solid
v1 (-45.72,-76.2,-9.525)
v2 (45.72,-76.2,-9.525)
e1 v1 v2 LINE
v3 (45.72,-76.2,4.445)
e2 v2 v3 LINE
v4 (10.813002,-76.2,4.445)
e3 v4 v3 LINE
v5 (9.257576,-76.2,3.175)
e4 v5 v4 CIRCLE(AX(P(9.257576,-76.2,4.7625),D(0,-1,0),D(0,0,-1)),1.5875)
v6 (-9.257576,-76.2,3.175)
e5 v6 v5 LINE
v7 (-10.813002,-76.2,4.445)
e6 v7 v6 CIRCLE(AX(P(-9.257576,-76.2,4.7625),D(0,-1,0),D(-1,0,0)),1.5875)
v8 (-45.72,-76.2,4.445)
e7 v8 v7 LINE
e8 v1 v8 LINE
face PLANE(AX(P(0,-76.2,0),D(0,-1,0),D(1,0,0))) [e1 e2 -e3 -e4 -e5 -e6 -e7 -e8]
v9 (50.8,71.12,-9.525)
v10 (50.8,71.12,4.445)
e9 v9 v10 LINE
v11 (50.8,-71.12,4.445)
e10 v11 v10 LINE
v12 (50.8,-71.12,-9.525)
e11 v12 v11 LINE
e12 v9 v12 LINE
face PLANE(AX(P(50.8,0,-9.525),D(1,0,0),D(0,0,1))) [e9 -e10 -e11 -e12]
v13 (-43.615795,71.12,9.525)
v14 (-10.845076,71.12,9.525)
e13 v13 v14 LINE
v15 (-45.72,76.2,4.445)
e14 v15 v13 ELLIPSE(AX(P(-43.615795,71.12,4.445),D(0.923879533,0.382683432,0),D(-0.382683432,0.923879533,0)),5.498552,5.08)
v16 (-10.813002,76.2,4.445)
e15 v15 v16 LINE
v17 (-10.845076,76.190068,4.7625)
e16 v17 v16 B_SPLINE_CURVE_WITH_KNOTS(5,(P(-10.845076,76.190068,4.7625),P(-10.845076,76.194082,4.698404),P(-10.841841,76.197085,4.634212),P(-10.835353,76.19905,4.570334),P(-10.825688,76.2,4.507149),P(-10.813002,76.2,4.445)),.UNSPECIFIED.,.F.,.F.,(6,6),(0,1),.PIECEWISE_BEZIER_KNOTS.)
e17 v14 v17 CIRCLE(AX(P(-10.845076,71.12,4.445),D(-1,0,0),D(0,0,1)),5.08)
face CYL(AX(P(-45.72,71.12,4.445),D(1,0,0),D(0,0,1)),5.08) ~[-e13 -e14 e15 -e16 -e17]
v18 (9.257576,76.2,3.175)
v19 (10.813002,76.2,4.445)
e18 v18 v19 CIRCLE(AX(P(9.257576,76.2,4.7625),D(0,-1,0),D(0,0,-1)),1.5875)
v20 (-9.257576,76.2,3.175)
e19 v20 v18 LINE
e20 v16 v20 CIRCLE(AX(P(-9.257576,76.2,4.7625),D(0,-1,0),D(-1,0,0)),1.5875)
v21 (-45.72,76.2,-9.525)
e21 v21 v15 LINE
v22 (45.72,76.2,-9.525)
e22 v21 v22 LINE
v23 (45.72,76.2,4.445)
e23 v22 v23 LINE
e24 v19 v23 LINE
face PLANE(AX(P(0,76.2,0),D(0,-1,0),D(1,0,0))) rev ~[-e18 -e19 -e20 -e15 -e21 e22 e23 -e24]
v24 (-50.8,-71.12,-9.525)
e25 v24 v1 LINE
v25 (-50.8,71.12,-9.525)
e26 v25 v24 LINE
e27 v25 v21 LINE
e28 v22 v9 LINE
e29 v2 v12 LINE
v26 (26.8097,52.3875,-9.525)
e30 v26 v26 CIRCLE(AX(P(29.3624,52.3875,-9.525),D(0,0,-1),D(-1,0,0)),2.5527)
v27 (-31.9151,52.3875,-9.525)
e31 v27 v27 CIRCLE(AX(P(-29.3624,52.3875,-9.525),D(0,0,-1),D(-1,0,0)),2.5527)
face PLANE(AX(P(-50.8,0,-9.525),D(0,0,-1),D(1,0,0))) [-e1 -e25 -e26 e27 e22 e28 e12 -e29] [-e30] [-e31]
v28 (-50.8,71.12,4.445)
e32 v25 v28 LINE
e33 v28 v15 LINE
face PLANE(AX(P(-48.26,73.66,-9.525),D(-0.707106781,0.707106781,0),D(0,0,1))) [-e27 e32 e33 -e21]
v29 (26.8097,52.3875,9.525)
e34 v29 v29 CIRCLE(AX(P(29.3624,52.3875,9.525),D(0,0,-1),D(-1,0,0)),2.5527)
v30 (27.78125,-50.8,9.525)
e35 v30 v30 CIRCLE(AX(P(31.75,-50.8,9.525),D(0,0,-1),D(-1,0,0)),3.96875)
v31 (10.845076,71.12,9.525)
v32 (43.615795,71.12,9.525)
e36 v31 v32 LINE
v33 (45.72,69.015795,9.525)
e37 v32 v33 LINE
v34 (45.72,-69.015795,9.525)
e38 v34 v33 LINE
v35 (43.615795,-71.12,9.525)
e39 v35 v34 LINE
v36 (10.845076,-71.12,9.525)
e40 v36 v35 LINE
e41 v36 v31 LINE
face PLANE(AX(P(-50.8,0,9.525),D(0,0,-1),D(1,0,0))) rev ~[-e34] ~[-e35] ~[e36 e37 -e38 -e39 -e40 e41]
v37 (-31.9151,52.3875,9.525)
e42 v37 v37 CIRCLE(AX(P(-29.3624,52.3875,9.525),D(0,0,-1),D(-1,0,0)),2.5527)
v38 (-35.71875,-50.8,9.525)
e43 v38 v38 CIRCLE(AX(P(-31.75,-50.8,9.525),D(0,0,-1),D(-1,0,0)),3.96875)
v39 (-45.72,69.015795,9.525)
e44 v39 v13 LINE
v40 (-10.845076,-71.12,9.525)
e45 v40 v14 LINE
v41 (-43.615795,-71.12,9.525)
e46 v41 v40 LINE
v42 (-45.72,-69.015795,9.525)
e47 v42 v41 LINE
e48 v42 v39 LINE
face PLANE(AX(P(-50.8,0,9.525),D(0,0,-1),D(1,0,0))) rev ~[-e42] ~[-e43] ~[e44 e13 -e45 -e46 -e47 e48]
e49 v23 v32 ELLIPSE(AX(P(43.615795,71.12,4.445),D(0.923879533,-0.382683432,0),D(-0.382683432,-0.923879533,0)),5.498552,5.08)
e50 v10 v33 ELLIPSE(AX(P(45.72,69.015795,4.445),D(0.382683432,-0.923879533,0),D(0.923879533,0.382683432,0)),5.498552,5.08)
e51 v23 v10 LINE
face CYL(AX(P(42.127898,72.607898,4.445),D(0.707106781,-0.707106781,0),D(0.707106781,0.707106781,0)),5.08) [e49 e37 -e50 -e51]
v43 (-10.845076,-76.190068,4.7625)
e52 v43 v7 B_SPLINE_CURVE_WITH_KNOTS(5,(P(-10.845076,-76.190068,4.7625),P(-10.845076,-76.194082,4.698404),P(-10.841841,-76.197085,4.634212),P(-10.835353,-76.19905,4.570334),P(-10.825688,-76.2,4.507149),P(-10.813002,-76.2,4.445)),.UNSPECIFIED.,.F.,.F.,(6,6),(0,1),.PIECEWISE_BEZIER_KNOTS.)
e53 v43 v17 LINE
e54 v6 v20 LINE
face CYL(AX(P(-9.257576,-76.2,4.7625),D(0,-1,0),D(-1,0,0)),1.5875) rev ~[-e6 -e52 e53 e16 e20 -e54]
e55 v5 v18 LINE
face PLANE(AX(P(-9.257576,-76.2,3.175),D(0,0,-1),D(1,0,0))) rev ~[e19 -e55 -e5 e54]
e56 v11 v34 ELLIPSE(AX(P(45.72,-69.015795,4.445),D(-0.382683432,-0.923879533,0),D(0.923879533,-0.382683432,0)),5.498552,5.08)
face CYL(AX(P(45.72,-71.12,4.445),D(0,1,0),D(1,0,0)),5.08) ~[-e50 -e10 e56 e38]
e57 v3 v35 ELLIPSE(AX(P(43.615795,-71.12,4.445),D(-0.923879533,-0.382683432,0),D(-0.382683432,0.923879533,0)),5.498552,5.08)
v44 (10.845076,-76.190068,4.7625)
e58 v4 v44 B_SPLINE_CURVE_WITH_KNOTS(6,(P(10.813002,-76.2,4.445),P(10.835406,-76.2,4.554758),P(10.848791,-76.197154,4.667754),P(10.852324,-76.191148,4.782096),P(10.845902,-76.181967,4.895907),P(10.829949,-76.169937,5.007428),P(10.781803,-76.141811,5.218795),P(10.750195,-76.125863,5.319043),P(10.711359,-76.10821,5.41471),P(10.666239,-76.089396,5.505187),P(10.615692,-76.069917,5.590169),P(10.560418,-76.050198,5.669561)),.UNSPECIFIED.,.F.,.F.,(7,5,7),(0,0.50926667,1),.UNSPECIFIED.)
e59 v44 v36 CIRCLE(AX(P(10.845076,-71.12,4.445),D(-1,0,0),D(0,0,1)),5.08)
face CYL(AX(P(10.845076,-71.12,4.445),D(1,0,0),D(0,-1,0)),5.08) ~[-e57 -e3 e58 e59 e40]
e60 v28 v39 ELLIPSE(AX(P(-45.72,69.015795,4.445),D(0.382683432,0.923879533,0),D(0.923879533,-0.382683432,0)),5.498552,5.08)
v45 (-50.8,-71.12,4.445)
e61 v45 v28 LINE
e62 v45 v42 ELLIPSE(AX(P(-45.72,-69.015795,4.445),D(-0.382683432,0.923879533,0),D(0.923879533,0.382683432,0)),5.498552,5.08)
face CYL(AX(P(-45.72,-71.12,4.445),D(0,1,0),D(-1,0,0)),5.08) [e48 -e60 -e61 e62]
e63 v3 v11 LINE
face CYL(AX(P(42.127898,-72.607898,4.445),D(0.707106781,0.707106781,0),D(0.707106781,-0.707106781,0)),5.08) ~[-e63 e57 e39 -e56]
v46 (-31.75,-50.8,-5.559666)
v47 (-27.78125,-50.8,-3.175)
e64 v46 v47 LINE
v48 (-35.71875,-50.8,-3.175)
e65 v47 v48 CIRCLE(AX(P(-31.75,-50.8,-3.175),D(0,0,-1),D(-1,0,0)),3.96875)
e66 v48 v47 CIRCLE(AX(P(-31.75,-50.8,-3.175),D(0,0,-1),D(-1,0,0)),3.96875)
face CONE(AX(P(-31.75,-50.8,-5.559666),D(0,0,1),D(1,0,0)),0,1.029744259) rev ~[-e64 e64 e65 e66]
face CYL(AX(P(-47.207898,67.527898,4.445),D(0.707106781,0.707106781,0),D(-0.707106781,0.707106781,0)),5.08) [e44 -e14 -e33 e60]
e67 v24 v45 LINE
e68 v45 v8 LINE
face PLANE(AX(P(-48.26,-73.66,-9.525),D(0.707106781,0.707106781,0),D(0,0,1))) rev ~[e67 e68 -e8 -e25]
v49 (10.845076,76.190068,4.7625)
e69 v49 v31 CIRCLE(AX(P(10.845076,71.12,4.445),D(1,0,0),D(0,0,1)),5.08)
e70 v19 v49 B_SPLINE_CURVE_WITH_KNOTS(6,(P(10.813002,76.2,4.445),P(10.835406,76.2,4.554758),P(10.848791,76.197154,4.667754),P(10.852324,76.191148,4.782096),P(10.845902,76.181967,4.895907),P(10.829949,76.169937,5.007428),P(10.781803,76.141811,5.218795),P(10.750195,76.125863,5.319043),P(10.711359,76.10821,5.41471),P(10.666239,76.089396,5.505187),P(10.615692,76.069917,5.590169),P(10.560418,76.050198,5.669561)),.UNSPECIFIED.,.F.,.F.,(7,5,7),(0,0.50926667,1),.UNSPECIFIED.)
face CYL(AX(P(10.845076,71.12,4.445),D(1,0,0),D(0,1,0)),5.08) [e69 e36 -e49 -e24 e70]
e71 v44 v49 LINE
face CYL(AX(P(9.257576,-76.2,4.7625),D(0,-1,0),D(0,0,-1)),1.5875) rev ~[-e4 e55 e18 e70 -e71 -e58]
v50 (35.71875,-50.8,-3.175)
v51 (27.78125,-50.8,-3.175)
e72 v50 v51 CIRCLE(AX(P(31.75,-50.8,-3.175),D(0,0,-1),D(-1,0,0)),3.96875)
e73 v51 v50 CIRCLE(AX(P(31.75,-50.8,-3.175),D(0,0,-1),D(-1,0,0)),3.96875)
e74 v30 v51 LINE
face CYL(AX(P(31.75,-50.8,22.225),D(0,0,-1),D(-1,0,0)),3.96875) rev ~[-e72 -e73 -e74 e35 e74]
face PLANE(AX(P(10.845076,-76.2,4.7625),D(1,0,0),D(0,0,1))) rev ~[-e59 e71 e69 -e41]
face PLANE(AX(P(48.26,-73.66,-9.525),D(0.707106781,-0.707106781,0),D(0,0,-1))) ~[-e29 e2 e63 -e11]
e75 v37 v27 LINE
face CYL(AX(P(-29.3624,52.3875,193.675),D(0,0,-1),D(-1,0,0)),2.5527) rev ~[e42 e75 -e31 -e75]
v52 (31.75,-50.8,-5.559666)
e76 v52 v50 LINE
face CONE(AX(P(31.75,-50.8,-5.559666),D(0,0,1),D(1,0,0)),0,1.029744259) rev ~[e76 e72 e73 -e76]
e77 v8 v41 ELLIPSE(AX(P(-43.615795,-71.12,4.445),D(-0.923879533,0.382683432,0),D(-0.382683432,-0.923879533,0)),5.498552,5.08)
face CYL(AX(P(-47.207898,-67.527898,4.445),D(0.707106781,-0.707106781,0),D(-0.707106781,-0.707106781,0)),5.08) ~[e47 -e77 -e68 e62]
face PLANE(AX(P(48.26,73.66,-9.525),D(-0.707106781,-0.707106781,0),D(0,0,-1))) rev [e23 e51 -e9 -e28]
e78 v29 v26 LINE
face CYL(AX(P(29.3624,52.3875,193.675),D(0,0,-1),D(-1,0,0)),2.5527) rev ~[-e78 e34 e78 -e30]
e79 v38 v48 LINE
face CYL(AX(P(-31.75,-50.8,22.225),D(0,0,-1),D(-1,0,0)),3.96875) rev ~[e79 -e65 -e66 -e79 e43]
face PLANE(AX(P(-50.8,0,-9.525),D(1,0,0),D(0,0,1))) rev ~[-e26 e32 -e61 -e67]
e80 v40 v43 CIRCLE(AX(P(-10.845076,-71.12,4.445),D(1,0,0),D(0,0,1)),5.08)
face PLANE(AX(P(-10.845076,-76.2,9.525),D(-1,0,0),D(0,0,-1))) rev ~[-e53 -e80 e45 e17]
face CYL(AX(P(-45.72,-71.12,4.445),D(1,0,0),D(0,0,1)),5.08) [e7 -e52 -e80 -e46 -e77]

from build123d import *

# Parameters (mm, degrees)
F0_W     = 101.6
F0_H     = 19.05
F1_DEPTH = 76.2
F3_D     = 7.9375
F3_DEPTH = 12.7
F3_TIP   = 2.3846655818
F5_DEPTH = 152.401
F7_D     = 5.1054
F8_SIZE  = 5.08
F9_R     = 5.08


with BuildPart() as f1:
    # F0 (on Front) → F1 (new body, symmetric)
    with BuildSketch(Plane.XZ):
        Rectangle(F0_W, F0_H)
    extrude(amount=F1_DEPTH, both=True)

    # F3
    with Locations(Plane.XY.offset(9.525)):
        with Locations((-31.75, -50.8), (31.75, -50.8)):
            Hole(F3_D / 2, depth=F3_DEPTH)
            with Locations((0, 0, -(F3_DEPTH + F3_TIP / 2))):  # 118° drill point
                Cone(0, F3_D / 2, F3_TIP, mode=Mode.SUBTRACT)

    # F4 (on face) → F5 (cut, through all)
    with BuildSketch(Plane.XZ.offset(76.2)):
        with BuildLine():
            Line((10.8450762928, 9.525), (-10.8450762928, 9.525))
            Line((-10.8450762928, 9.525), (-10.8450762928, 4.7625))
            ThreePointArc((-10.8450762928, 4.7625), (-10.3801083079, 3.6399679849), (-9.2575762928, 3.175))
            Line((-9.2575762928, 3.175), (9.2575762928, 3.175))
            ThreePointArc((9.2575762928, 3.175), (10.3801083079, 3.6399679849), (10.8450762928, 4.7625))
            Line((10.8450762928, 4.7625), (10.8450762928, 9.525))
        make_face()
    extrude(amount=-F5_DEPTH, mode=Mode.SUBTRACT)

    # F7 (through all)
    with Locations(Plane.XY.offset(9.525)):
        with Locations((-29.3624, 52.3875), (29.3624, 52.3875)):
            Hole(F7_D / 2)

    # F8
    f8_edges = [f1.edges().sort_by_distance(p)[0] for p in [
        (50.8, 76.2, 0),
        (50.8, -76.2, 0),
        (-50.8, -76.2, 0),
        (-50.8, 76.2, 0),
    ]]
    chamfer(f8_edges, length=F8_SIZE)

    # F9
    f9_edges = [f1.edges().sort_by_distance(p)[0] for p in [
        (-48.26, 73.66, 9.525),
        (-28.282538, 76.2, 9.525),
        (-48.26, -73.66, 9.525),
        (48.26, -73.66, 9.525),
        (48.26, 73.66, 9.525),
        (50.8, 0, 9.525),
        (-50.8, 0, 9.525),
        (-28.282538, -76.2, 9.525),
        (28.282538, -76.2, 9.525),
        (28.282538, 76.2, 9.525),
    ]]
    fillet(f9_edges, radius=F9_R)


solid = f1.part
